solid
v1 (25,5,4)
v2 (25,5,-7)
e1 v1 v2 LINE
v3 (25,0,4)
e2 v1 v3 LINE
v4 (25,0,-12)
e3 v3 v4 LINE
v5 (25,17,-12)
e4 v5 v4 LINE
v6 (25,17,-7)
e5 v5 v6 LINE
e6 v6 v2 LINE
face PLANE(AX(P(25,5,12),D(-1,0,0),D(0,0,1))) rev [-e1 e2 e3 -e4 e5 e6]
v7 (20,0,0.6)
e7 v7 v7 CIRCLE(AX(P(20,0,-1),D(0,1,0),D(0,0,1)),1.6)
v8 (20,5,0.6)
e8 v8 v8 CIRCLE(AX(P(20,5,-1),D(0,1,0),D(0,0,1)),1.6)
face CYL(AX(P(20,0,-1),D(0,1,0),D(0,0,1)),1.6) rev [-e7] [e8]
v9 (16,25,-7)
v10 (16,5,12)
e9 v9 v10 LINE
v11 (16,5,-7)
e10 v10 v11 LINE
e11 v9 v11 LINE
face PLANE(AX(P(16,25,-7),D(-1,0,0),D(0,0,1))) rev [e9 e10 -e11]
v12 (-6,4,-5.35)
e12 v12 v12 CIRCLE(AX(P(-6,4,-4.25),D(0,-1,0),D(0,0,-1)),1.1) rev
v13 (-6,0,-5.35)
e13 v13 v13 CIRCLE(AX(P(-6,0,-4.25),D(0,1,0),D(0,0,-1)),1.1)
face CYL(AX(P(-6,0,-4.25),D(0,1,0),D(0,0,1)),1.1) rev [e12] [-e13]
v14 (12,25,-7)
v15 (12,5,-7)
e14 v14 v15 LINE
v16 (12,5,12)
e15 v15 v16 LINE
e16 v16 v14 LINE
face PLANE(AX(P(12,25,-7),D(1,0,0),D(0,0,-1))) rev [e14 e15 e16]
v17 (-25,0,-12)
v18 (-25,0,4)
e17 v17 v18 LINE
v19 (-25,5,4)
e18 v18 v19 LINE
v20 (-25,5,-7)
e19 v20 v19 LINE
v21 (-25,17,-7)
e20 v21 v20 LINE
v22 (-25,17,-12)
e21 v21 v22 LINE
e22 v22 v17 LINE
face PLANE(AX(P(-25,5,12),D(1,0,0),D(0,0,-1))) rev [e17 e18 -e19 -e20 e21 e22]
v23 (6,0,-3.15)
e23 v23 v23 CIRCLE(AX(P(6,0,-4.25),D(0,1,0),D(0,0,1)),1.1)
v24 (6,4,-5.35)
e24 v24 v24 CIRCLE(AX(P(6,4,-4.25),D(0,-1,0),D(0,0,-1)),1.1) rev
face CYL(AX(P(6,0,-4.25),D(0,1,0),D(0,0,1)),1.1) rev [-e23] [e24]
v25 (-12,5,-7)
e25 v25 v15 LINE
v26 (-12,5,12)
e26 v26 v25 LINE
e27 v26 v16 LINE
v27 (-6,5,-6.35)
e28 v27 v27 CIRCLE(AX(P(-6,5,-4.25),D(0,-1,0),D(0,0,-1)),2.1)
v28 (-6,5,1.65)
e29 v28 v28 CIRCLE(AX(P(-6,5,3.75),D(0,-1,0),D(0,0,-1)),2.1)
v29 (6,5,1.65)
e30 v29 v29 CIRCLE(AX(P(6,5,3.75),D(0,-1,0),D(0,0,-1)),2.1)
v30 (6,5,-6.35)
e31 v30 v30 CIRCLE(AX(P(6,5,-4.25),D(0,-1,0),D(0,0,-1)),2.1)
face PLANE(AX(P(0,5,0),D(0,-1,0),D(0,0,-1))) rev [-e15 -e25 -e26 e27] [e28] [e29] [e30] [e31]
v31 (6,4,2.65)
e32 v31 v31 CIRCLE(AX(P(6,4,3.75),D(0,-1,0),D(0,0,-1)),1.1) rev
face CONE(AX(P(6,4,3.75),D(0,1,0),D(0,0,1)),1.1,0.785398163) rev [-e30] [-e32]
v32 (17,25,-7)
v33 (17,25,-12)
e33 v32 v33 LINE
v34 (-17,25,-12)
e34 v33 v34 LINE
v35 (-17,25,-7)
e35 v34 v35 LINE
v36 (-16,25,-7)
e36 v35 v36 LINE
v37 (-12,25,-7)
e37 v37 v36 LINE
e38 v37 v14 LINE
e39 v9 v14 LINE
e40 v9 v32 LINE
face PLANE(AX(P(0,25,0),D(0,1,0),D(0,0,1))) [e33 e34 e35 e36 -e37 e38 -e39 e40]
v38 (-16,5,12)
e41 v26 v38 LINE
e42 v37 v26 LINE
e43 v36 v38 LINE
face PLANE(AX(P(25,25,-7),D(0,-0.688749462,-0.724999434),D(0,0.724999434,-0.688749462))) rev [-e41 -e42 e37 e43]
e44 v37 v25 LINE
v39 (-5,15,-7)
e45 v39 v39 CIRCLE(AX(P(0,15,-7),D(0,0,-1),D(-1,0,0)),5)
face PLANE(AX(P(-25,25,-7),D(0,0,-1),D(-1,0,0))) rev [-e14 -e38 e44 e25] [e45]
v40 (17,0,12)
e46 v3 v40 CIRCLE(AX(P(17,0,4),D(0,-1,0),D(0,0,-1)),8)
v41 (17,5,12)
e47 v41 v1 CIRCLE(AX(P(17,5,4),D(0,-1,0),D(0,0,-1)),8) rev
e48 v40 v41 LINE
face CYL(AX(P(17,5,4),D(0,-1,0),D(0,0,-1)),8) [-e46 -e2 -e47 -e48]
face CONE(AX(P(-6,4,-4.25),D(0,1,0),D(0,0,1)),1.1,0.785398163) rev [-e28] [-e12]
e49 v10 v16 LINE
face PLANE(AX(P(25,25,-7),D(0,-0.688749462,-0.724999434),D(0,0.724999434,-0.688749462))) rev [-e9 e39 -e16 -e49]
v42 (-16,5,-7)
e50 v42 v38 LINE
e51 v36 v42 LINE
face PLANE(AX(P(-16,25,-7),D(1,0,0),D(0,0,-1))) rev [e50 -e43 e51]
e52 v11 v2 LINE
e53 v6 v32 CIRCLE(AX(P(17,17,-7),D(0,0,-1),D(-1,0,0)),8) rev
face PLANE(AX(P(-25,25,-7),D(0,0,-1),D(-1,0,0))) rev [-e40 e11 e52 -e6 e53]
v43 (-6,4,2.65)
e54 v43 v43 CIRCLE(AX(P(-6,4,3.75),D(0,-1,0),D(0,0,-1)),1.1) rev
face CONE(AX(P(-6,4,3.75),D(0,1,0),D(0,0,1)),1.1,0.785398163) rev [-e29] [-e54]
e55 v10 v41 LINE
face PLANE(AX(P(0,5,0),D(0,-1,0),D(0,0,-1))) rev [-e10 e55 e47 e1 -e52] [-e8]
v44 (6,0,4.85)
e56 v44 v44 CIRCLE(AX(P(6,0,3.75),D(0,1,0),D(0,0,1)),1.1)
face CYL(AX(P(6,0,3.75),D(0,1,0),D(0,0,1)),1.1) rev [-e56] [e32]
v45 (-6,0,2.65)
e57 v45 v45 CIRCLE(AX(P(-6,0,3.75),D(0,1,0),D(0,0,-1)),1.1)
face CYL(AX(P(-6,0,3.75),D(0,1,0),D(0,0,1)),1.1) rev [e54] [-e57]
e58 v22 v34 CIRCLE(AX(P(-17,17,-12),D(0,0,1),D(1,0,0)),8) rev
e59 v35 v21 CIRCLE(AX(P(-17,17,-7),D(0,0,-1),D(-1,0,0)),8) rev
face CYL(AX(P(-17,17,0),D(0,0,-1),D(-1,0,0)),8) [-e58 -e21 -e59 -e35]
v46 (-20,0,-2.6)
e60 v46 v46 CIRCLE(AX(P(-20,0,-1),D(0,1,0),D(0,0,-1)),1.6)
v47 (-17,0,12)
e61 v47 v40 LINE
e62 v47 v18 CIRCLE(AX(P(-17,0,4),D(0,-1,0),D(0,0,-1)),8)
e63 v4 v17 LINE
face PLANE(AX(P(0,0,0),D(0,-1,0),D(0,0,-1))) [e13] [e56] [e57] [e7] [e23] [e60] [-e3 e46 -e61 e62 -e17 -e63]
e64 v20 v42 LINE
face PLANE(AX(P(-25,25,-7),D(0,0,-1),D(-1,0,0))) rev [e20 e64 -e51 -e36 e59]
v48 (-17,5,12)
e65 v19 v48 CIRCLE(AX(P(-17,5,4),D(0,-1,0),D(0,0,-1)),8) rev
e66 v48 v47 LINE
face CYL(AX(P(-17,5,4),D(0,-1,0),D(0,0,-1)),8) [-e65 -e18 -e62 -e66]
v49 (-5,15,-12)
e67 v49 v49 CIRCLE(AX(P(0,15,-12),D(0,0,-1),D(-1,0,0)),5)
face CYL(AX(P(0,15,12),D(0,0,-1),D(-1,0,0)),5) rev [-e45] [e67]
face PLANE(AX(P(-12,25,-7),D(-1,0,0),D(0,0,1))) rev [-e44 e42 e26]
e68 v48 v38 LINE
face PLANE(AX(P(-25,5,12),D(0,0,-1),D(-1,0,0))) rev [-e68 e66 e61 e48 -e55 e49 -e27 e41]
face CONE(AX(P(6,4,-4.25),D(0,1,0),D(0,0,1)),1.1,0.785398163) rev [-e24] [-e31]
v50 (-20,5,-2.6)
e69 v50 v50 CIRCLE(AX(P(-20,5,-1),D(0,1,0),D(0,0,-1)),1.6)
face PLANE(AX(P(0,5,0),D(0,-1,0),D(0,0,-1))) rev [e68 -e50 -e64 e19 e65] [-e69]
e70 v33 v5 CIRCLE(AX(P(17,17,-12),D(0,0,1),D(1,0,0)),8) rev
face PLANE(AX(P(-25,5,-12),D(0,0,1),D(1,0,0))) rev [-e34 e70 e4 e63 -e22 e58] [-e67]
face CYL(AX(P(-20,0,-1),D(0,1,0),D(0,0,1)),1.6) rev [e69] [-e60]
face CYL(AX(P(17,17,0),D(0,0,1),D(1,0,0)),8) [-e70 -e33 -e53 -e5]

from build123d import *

# Parameters (mm, degrees)
SKETCH_1_W          = 50
SKETCH_1_H          = 24
EXTRUDE_1_DEPTH     = 5
SKETCH_2_W          = 50
SKETCH_2_H          = 5
EXTRUDE_2_DEPTH     = 20
SKETCH_3_W          = 4
SKETCH_3_H          = 19
EXTRUDE_3_DEPTH     = 20
CUT_EXTRUDE_1_DEPTH = 50.497474683
SKETCH_6_R          = 1.1
CUT_EXTRUDE_2_DEPTH = 35.190641995
SKETCH_7_R          = 5
CUT_EXTRUDE_3_DEPTH = 43.731721238
SKETCH_8_R          = 1.6
CUT_EXTRUDE_4_DEPTH = 35.190641995
FILLET_1_R          = 8
CHAMFER_1_SIZE      = 1


with BuildPart() as part:
    # 草图1 → 凸台-拉伸1 (new body)
    with BuildSketch(Plane(origin=(0, 0, 0), x_dir=(1, 0, 0), z_dir=(0, 1, 0))):
        Rectangle(SKETCH_1_W, SKETCH_1_H)
    extrude(amount=EXTRUDE_1_DEPTH)

    # 草图2 → 凸台-拉伸2 (add)
    with BuildSketch(Plane(origin=(0, 5, 0), x_dir=(1, 0, 0), z_dir=(0, 1, 0))):
        with Locations((0, 9.5)):
            Rectangle(SKETCH_2_W, SKETCH_2_H)
    extrude(amount=EXTRUDE_2_DEPTH)

    # 草图3 → 凸台-拉伸3 (add)
    with BuildSketch(Plane(origin=(0, 5, 0), x_dir=(1, 0, 0), z_dir=(0, 1, 0))):
        with Locations((14, -2.5)):
            Rectangle(SKETCH_3_W, SKETCH_3_H)
        with Locations((-14, -2.5)):
            Rectangle(SKETCH_3_W, SKETCH_3_H)
    extrude(amount=EXTRUDE_3_DEPTH)

    # 草图4 → 切除-拉伸1 (cut, through all)
    with BuildSketch(Plane.ZY.offset(16)):
        Polygon((-7, 25), (12, 5), (12, 25), align=None)
    extrude(amount=-CUT_EXTRUDE_1_DEPTH, mode=Mode.SUBTRACT)

    # 草图6 → 切除-拉伸2 (cut, through all)
    with BuildSketch(Plane(origin=(0, 5, 0), x_dir=(1, 0, 0), z_dir=(0, 1, 0))):
        with Locations(Location((6, 4.25, 0), (0, 0, 270))):
            Circle(SKETCH_6_R)
        with Locations(Location((6, -3.75, 0), (0, 0, 270))):
            Circle(SKETCH_6_R)
        with Locations(Location((-6, 4.25, 0), (0, 0, 90))):
            Circle(SKETCH_6_R)
        with Locations(Location((-6, -3.75, 0), (0, 0, 90))):
            Circle(SKETCH_6_R)
    extrude(amount=-CUT_EXTRUDE_2_DEPTH, mode=Mode.SUBTRACT)

    # 草图7 → 切除-拉伸3 (cut, through all)
    with BuildSketch(Plane(origin=(0, 0, -12), x_dir=(-1, 0, 0), z_dir=(0, 0, -1))):
        with Locations((0, 15)):
            Circle(SKETCH_7_R)
    extrude(amount=-CUT_EXTRUDE_3_DEPTH, mode=Mode.SUBTRACT)

    # 草图8 → 切除-拉伸4 (cut, through all)
    with BuildSketch(Plane(origin=(0, 5, 0), x_dir=(1, 0, 0), z_dir=(0, 1, 0))):
        with Locations(Location((20, 1, 0), (0, 0, 270))):
            Circle(SKETCH_8_R)
        with Locations(Location((-20, 1, 0), (0, 0, 90))):
            Circle(SKETCH_8_R)
    extrude(amount=-CUT_EXTRUDE_4_DEPTH, mode=Mode.SUBTRACT)

    # 圆角1
    fillet_1_edges = [part.edges().sort_by_distance(p)[0] for p in [
        (-25, 25, -9.5),
        (25, 25, -9.5),
        (25, 2.5, 12),
        (-25, 2.5, 12),
    ]]
    fillet(fillet_1_edges, radius=FILLET_1_R)

    # 倒角1
    chamfer_1_edges = [part.edges().sort_by_distance(p)[0] for p in [
        (6, 5, 2.65),
        (-6, 5, -3.15),
        (-6, 5, 4.85),
        (6, 5, -5.35),
    ]]
    chamfer(chamfer_1_edges, length=CHAMFER_1_SIZE)


solid = part.part
